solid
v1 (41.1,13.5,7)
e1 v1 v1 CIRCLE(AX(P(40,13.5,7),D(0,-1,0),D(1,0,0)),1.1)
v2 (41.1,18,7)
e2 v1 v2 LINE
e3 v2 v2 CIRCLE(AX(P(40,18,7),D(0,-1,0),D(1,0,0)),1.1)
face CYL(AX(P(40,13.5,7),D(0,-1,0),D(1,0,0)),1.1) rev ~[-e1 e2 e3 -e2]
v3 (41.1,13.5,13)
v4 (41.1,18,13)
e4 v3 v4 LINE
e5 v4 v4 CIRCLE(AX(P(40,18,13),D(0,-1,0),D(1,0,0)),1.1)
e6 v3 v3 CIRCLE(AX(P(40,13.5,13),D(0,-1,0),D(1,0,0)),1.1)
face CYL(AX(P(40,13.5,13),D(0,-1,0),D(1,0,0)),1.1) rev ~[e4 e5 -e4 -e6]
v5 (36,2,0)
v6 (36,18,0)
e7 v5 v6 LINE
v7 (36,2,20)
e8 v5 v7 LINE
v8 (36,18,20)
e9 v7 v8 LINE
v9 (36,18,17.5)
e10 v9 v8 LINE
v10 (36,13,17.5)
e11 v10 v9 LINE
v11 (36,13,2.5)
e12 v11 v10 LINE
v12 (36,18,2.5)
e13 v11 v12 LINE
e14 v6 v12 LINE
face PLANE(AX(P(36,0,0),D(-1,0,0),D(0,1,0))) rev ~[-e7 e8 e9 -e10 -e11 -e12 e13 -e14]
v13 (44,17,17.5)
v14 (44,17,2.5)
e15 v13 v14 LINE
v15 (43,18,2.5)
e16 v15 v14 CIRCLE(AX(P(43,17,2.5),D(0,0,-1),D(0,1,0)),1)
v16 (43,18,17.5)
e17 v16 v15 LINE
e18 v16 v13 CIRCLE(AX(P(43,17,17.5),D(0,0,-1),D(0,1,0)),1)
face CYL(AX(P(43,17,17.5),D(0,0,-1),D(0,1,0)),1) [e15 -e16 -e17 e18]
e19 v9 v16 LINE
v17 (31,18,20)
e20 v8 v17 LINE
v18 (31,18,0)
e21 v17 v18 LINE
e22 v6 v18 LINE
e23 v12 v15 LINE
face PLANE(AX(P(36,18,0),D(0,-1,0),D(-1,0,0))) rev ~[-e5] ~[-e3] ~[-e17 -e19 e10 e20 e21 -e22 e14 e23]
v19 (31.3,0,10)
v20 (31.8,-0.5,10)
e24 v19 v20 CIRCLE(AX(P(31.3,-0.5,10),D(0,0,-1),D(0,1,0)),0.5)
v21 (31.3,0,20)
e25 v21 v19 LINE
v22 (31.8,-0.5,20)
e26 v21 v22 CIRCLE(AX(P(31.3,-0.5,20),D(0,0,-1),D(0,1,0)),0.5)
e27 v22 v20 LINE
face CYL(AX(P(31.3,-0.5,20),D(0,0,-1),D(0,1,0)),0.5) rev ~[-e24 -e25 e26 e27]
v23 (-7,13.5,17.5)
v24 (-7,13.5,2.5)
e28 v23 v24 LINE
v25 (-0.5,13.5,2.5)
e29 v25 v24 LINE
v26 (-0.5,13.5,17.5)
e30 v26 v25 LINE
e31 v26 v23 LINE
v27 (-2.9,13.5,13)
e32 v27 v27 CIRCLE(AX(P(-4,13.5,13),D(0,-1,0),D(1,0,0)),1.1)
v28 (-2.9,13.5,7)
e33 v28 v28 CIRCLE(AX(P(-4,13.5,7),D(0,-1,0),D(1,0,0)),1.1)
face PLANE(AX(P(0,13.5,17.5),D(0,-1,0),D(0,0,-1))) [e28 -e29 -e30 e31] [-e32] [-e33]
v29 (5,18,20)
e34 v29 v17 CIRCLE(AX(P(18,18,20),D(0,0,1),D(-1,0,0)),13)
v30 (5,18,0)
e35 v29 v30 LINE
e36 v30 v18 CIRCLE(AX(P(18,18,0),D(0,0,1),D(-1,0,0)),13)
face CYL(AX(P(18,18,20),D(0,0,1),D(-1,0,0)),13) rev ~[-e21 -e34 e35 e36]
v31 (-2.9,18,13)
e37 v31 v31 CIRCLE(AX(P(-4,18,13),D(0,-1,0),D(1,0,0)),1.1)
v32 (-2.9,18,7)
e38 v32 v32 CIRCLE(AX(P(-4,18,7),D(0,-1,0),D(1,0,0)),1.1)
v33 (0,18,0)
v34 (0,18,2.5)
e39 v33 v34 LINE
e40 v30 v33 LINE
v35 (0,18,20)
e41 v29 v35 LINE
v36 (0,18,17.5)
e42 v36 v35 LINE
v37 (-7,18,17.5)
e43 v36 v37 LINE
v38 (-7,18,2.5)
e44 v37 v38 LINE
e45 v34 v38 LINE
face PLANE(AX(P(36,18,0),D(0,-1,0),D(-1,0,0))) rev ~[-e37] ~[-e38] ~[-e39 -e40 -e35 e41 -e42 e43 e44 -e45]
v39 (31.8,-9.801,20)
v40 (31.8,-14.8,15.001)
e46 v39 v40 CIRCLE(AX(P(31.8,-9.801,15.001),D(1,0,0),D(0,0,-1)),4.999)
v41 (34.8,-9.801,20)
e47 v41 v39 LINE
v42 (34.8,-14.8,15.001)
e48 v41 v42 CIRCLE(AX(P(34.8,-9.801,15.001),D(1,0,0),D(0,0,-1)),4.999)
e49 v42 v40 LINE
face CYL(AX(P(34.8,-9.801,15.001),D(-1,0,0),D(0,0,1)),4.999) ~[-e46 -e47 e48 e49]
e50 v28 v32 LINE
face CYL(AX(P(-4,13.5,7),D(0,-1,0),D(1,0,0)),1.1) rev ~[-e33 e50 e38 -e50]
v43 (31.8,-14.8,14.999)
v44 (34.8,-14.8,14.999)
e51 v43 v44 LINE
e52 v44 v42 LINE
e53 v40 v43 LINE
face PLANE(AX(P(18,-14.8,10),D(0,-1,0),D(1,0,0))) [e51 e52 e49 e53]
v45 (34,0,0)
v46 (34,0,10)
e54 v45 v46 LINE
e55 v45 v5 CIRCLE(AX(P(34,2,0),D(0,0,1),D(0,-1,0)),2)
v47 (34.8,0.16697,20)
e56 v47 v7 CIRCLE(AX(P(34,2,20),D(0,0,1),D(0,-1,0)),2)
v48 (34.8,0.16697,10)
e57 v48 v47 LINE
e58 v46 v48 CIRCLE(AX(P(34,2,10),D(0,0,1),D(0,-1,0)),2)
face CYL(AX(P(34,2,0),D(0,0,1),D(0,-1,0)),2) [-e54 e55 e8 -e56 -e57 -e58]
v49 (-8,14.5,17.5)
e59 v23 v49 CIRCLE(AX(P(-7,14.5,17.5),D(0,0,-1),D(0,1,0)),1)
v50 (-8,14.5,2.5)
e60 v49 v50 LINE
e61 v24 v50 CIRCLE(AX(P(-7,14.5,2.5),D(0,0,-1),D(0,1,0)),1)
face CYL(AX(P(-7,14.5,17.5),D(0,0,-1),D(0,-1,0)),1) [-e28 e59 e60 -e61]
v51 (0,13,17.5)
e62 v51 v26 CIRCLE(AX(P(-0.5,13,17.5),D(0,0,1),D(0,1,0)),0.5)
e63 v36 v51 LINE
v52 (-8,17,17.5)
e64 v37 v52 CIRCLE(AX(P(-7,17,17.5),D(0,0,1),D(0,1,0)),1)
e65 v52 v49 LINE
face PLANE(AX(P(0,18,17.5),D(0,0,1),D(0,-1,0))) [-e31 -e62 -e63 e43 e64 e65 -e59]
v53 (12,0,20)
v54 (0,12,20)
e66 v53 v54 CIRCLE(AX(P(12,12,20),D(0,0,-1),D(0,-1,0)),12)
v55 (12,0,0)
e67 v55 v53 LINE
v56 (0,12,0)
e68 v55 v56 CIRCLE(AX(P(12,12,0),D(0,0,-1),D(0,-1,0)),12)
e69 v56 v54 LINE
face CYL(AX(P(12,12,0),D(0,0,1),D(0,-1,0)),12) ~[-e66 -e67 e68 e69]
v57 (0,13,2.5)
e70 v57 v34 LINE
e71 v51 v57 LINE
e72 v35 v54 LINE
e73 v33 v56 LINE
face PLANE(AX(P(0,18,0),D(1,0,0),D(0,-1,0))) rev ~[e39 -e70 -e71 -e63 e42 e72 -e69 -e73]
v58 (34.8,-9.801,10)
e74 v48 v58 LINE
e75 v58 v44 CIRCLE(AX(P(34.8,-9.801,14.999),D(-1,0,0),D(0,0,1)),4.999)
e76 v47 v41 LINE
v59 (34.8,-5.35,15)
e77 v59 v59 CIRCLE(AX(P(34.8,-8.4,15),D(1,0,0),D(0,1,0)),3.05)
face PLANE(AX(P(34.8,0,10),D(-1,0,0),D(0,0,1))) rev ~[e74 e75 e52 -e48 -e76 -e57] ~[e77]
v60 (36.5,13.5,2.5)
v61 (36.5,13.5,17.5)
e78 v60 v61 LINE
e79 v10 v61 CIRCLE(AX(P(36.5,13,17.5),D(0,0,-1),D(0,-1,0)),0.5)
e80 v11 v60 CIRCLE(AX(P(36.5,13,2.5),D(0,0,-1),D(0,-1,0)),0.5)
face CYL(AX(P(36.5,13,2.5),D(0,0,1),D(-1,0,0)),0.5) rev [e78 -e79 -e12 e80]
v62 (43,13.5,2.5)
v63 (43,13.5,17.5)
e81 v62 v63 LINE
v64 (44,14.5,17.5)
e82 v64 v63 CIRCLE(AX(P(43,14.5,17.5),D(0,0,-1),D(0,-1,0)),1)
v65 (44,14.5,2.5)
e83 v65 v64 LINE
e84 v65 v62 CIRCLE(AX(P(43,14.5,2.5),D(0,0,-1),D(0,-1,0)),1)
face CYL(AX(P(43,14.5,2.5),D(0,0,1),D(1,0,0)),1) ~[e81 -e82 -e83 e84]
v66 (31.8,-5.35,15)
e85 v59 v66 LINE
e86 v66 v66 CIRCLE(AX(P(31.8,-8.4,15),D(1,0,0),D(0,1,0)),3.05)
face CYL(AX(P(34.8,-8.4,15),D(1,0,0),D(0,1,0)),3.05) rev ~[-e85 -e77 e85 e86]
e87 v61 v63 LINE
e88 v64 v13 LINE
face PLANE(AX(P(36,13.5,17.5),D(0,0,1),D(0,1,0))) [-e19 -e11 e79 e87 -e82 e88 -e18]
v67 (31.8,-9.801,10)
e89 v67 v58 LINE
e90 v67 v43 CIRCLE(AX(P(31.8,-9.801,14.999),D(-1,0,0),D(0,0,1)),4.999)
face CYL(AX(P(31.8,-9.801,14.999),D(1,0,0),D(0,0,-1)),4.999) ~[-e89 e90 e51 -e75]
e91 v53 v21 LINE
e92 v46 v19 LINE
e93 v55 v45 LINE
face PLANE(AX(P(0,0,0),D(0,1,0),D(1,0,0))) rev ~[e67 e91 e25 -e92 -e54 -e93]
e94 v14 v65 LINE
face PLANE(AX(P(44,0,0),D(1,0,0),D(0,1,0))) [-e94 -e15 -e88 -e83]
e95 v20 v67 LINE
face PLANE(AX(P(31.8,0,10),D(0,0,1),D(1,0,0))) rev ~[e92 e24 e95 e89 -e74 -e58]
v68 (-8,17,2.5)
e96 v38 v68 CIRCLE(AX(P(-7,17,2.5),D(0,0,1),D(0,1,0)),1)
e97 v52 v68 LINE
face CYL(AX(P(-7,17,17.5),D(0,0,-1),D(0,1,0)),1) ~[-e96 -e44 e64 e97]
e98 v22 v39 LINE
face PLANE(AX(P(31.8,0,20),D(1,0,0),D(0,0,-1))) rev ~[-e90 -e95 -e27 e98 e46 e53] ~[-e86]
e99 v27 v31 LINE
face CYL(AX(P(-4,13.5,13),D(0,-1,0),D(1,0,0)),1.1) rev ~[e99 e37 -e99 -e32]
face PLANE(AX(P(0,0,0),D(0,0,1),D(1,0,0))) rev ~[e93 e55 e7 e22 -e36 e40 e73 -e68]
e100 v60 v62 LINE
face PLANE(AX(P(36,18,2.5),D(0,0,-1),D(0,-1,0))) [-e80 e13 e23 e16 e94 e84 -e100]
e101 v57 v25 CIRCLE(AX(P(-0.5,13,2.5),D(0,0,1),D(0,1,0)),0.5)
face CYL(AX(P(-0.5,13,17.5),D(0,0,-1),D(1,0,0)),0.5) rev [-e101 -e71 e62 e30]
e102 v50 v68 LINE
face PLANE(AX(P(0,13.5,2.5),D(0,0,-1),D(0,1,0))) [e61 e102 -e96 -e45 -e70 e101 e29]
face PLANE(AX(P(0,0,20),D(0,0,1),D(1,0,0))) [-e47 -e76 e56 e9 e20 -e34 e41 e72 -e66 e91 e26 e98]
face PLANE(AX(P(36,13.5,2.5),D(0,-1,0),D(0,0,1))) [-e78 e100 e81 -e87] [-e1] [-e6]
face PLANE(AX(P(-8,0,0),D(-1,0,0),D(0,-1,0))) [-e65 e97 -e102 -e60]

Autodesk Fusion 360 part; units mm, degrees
sketch "Sketch1" plane through (0, 0, 0) normal (0, 0, 1) x (1, 0, 0)
  line L0 (0, 0) -> (36, 0)
  line L1 (36, 0) -> (36, 18)
  line L2 (36, 18) -> (0, 18)
  line L3 (0, 18) -> (0, 0)
  dimension "d1" = 36
  dimension "d2" = 18
extrude "Extrude1" add sketch "Sketch1" along normal blind 20
sketch "Sketch2" plane through (0, 0, 20) normal (0, 0, 1) x (-1, 0, 0)
  line L0 (0, -18) -> (0, 0)
  line L1 (0, 0) -> (-36, 0)
  line L2 (-36, 0) -> (-36, -18)
  line L3 (-36, -18) -> (0, -18)
  circle A0 centre (-18, -18) radius 13
  dimension "d5" = 26
extrude "Extrude2" cut sketch "Sketch2" against normal blind 20 contours L3 A0 picked at (-19.0768, -11.2377)
ref_plane "WorkPlane1" through (0, 20, 0) normal (0, 1, 0) x (0, 0, 1)
sketch "Sketch7" plane through (0, 0, 0) normal (0, -1, 0) x (1, 0, 0)
  line L0 (0, 0) -> (36, 0)
  line L1 (36, 20) -> (0, 20)
  line L2 (0, 20) -> (0, 0)
  line L3 (18, 10) -> (18, 23) construction
  line L4 (36, 0) -> (36, 20)
sketch "Sketch6" plane through (36, 0, 0) normal (1, 0, 0) x (0, 1, 0)
  line L0 (0, 0) -> (18, 0)
  line L1 (18, 0) -> (18, 20)
  line L2 (18, 20) -> (0, 20)
  line L3 (0, 20) -> (0, 0)
  line L4 (0, 20) -> (18, 0) construction
  line L5 (0, 0) -> (18, 20) construction
  line L6 (9, 10) -> (18, 10) construction
  line L7 (9, 10) -> (9, 0) construction
  line L8 (9, 10) -> (9, 20) construction
  line L9 (13.5, 17.5) -> (18, 17.5) construction
  line L10 (13.5, 5) -> (13.5, 10) construction
  line L11 (18, 7.5) -> (18, 12.5311)
  line L12 (13.5, 17.5) -> (18, 17.5)
  line L13 (18, 17.5) -> (18, 2.5)
  line L14 (18, 2.5) -> (13.5, 2.5)
  line L15 (13.5, 2.5) -> (13.5, 17.5)
  dimension "d25" = 15
  dimension "d26" = 4.5
  dimension "d34" = 7.5
extrude "Extrude7" add sketch "Sketch6" along normal blind 8 contours L1 L11 L12 L13 L14 L15
sketch "Sketch11" plane through (0, 13.5, 0) normal (0, -1, 0) x (1, 0, 0)
  line L0 (36, 17.5) -> (36, 2.5)
  line L1 (36, 2.5) -> (44, 2.5)
  line L2 (44, 2.5) -> (44, 17.5)
  line L3 (44, 17.5) -> (36, 17.5)
  circle A0 centre (40, 13) radius 1.1
  circle A1 centre (40, 7) radius 1.1
  line L4 (36, 0) -> (36, 20)
  line L5 (36, 20) -> (0, 20)
  line L6 (18, 10) -> (18, 23)
  circle A2 centre (-4, 13) radius 1.1
  circle A3 centre (-4, 7) radius 1.1
  dimension "d30" = 2.2
  dimension "d31" = 2.2
  dimension "d35" = 6
  dimension "d36" = 4
  dimension "d37" = 4
  dimension "d38" = 7
sketch "Sketch12" plane through (0, 0, 0) normal (-1, 0, 0) x (0, -1, 0)
  line L0 (-18, 0) -> (0, 0)
  line L1 (0, 0) -> (0, 20)
  line L2 (0, 20) -> (-18, 20)
  line L3 (-18, 20) -> (-18, 0)
  line L4 (-18, 17.5) -> (-13.5, 17.5)
  line L5 (-13.5, 17.5) -> (-13.5, 2.5)
  line L6 (-13.5, 2.5) -> (-18, 2.5)
  line L7 (-18, 2.5) -> (-18, 17.5)
  line L8 (-18, 10) -> (-8, 10) construction
  dimension "d39" = 15
  dimension "d40" = 7.5
  dimension "d41" = 4.5
extrude "Extrude8" add sketch "Sketch12" along normal blind 8 contours L3 L4 L5 L6 L7
extrude "Extrude9" cut sketch "Sketch11" against normal blind 4.5 contours A0 | A1 | A2 | A3
sketch "Sketch13" plane through (0, 0, 20) normal (0, 0, 1) x (-1, 0, 0)
  arc A0 (-5, -18) -> (-31, -18) centre (-18, -18) ccw
  line L0 (-5, -18) -> (0, -18)
  line L1 (0, -18) -> (0, 0)
  line L2 (0, 0) -> (-36, 0)
  line L3 (-36, 0) -> (-36, -18)
  line L4 (-36, -18) -> (-31, -18)
  line L5 (-34.8, -18) -> (-34.8, 0) construction
  dimension "d46" = 3.8
sketch "Sketch14" plane through (18, 0, 10) normal (0, -1, 0) x (1, 0, 0)
  line L0 (16.8, 10) -> (13.8, 10)
  line L1 (13.8, 10) -> (13.8, 0)
  line L2 (13.8, 0) -> (16.8, 0)
  line L3 (16.8, 0) -> (16.8, 10)
  point P0 (16.8, 10)
  dimension "d47" = 3
  dimension "d48" = 10
extrude "Extrude10" add sketch "Sketch14" along normal blind 14.8
sketch "Sketch15" plane through (34.8, 0, 0) normal (1, 0, 0) x (0, 1, 0)
  line L0 (0, 10) -> (0, 20)
  line L1 (0, 20) -> (-14.8, 20)
  line L2 (-14.8, 20) -> (-14.8, 10)
  line L3 (-14.8, 10) -> (0, 10)
  circle A0 centre (-8.4, 15) radius 3.05
  dimension "d51" = 6.1
  dimension "d52" = 6.4
  dimension "d53" = 5
extrude "Extrude11" cut sketch "Sketch15" against normal blind 3 contours A0
fillet "Fillet1" radius 5 2 edges at (33.3, -14.8, 20) (33.3, -14.8, 10)
fillet "Fillet2" radius 2 1 edges at (36, 0, 10)
fillet "Fillet3" radius 12 1 edges at (0, 0, 10)
fillet "Fillet4" radius 0.5 1 edges at (0, 13.5, 10)
fillet "Fillet5" radius 1 2 edges at (-8, 18, 10) (-8, 13.5, 10)
fillet "Fillet6" radius 1 2 edges at (44, 13.5, 10) (44, 18, 10)
fillet "Fillet7" radius 0.5 1 edges at (36, 13.5, 10)
fillet "Fillet8" radius 0.5 1 edges at (31.8, 0, 15)
